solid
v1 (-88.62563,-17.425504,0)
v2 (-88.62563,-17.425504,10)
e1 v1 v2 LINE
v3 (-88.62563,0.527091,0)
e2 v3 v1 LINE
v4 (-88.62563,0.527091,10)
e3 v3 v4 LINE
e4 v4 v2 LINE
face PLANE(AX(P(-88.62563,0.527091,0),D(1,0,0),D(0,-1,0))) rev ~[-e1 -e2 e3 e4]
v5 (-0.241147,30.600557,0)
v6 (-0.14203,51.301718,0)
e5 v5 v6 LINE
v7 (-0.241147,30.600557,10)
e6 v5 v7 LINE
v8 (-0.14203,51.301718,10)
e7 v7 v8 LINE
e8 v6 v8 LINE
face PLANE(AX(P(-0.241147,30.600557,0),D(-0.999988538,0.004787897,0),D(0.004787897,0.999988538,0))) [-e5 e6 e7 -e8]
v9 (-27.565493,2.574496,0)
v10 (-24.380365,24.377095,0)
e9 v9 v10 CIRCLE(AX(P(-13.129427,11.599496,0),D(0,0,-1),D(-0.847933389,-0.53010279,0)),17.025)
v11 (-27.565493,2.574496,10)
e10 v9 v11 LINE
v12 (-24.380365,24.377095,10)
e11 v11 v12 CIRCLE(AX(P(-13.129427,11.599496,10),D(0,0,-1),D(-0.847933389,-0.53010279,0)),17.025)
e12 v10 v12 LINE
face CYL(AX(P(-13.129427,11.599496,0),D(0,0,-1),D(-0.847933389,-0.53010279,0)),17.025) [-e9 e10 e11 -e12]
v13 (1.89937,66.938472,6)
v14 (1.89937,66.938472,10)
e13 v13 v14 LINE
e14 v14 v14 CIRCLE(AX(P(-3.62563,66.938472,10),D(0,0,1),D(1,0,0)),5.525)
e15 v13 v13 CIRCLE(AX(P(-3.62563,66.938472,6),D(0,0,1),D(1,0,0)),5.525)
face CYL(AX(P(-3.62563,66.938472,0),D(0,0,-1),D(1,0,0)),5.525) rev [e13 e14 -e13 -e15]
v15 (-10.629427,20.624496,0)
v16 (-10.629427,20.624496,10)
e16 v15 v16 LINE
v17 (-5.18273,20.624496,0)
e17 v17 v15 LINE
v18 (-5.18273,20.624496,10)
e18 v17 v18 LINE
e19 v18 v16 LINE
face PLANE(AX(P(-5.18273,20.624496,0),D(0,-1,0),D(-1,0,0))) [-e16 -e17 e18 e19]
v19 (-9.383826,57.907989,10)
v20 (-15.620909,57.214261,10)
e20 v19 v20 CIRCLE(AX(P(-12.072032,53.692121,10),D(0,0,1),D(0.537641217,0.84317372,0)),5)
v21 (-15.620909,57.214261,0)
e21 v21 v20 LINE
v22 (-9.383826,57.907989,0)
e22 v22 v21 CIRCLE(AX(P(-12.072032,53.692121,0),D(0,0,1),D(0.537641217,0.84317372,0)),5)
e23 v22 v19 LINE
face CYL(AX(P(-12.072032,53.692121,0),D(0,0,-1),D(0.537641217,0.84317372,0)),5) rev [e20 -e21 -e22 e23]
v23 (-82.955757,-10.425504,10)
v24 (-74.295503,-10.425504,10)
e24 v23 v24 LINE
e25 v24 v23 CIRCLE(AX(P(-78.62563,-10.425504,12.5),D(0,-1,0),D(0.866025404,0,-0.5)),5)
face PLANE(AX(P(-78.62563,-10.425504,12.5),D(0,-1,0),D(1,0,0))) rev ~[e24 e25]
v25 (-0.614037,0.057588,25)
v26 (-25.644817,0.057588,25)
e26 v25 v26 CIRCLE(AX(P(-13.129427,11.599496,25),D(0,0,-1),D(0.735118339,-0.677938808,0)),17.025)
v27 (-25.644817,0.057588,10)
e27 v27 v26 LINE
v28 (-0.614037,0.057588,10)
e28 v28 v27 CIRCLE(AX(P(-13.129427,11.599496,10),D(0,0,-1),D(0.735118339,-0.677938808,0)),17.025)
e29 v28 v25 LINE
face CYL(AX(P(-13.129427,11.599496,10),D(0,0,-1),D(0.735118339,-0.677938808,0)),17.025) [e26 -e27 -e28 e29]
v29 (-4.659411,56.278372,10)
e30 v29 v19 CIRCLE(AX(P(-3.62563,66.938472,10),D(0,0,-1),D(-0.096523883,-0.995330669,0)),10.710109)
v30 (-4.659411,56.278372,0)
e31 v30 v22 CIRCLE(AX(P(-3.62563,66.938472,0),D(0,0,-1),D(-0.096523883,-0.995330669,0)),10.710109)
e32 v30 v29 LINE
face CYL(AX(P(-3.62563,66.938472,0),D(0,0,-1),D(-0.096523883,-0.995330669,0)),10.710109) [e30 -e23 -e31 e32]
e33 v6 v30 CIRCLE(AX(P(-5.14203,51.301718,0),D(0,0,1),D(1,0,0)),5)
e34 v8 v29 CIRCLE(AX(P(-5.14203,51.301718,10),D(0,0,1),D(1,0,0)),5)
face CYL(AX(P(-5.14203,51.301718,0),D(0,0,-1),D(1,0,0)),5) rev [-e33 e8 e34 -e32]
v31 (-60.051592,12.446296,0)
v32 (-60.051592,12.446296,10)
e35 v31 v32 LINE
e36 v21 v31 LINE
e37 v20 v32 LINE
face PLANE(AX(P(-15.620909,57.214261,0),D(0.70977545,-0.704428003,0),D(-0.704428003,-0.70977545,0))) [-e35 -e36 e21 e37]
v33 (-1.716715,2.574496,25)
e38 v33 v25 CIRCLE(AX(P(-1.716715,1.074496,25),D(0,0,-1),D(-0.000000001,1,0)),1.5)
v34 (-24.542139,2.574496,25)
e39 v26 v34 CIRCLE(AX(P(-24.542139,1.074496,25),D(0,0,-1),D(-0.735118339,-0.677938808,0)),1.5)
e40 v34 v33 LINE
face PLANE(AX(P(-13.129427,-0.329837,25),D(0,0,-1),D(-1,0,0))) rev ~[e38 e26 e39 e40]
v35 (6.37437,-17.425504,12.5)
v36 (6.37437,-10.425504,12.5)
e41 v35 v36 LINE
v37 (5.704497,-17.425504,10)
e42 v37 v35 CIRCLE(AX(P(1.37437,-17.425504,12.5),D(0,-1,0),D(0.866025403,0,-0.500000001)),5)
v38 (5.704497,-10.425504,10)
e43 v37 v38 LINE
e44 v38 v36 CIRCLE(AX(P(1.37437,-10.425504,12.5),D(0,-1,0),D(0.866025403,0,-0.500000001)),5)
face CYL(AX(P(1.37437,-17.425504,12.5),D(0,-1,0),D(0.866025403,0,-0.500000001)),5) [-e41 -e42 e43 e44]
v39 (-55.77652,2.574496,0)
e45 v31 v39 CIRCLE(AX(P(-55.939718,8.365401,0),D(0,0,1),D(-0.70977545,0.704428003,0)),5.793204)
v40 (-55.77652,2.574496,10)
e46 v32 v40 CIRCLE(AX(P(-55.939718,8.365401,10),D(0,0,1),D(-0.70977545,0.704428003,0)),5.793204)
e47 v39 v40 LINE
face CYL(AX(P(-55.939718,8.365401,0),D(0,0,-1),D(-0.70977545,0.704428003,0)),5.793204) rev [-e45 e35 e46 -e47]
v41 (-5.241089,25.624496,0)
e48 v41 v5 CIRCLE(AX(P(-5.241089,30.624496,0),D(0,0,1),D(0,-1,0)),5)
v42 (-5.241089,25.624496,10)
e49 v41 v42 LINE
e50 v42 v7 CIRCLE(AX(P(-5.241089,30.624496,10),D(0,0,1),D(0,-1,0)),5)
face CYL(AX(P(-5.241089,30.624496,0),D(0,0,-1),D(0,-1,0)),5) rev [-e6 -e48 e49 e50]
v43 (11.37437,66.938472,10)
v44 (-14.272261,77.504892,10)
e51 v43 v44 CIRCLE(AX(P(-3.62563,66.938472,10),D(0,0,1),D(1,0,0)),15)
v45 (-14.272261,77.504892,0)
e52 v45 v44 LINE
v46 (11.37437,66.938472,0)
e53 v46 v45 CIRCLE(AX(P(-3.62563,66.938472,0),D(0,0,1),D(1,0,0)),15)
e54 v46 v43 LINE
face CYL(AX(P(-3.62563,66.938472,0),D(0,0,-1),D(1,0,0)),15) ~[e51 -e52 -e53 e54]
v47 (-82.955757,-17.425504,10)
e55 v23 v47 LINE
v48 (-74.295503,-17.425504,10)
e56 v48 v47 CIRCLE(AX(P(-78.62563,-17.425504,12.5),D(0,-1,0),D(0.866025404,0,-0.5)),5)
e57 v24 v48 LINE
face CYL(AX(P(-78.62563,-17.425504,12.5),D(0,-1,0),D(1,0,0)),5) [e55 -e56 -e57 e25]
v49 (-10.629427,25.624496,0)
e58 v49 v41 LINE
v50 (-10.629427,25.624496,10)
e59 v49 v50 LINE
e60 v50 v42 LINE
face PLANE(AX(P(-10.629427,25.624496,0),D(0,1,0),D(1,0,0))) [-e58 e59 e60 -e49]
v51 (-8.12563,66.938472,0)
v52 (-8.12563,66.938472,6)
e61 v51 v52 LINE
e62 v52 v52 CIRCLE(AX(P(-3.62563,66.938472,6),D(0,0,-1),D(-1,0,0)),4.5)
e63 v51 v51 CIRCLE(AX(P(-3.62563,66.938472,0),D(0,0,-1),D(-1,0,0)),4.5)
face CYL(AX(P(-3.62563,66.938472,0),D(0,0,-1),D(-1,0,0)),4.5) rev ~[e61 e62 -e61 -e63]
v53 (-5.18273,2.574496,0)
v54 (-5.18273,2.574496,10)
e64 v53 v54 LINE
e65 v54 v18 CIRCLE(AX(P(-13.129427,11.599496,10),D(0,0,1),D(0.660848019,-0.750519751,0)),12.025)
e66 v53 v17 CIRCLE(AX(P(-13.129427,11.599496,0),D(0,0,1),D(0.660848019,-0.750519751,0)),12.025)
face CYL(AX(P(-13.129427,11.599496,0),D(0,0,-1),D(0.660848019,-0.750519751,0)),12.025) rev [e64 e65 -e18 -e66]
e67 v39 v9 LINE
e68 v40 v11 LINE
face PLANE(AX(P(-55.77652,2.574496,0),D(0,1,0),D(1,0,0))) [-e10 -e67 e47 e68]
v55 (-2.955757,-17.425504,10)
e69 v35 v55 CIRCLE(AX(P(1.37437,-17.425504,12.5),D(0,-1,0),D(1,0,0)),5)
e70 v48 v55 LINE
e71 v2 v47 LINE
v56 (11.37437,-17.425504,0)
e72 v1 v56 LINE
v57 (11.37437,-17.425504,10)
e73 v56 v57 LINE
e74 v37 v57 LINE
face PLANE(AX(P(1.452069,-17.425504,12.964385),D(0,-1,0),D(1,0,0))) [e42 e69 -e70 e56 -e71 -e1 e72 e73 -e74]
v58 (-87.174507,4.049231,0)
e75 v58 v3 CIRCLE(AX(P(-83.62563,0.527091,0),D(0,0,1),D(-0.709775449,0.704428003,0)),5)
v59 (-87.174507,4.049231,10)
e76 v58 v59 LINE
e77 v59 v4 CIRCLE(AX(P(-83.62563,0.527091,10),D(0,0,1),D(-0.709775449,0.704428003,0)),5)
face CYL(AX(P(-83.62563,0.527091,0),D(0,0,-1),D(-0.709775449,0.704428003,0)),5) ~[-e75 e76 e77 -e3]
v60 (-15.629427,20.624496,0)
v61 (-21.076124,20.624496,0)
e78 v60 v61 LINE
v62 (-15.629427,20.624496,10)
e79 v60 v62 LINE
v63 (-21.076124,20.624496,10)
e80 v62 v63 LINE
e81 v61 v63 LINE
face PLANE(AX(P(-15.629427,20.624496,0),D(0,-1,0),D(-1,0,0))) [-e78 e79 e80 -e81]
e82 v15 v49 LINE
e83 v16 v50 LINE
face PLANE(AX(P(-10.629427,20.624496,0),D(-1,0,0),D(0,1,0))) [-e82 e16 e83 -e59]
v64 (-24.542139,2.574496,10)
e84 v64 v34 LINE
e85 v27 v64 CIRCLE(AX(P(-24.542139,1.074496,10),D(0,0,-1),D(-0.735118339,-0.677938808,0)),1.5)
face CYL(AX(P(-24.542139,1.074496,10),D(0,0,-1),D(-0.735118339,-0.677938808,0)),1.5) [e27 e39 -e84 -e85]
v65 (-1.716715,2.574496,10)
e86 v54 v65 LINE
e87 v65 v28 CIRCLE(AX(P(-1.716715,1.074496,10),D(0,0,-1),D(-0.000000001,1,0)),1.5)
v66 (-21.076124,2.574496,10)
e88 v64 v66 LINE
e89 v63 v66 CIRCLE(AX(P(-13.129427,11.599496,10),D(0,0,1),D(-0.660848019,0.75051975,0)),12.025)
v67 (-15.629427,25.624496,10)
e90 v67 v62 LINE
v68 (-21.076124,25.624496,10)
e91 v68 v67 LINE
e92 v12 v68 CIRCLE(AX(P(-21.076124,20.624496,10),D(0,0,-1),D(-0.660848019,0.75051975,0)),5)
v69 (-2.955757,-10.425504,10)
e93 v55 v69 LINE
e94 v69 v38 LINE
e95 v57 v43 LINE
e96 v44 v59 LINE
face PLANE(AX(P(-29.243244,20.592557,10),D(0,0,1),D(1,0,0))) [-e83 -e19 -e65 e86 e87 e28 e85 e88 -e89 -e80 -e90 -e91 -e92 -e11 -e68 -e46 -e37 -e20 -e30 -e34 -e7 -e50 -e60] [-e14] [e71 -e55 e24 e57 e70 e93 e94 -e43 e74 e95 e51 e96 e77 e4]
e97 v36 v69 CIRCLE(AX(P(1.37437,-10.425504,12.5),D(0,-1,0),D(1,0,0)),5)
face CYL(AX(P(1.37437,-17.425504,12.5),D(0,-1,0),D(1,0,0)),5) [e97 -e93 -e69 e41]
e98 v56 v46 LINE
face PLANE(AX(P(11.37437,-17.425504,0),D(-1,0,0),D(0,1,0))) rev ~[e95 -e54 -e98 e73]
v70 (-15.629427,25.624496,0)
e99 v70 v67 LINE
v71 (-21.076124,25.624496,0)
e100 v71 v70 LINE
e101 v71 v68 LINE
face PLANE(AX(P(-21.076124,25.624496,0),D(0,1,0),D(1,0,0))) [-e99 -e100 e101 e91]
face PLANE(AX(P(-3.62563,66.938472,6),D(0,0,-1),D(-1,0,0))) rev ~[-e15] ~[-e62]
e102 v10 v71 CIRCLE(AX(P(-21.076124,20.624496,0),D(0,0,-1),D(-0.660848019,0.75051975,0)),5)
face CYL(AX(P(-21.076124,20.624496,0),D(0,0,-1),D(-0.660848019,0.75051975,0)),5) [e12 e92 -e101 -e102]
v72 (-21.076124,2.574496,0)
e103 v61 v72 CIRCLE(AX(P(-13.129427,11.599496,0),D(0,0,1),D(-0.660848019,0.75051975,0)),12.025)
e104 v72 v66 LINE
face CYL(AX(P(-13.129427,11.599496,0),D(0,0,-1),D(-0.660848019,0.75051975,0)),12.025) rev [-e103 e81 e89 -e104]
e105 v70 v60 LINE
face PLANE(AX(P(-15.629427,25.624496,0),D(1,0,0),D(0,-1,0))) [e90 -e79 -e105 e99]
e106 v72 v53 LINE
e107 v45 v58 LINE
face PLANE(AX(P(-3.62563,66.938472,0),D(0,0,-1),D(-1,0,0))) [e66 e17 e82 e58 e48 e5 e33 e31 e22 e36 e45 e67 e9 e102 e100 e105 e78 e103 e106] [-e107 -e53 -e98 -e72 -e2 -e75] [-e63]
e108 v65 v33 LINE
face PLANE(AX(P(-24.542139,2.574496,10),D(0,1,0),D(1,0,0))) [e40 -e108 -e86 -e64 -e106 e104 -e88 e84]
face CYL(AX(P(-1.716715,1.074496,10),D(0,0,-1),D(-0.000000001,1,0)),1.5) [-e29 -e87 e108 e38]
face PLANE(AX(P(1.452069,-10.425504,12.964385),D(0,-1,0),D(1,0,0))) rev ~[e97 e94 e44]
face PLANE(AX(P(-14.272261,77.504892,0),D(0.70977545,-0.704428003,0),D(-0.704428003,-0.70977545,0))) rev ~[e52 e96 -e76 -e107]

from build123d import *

# Parameters (mm, degrees)
SKETCH2_R           = 5.525
BOSS_EXTRUDE1_DEPTH = 10
SKETCH4_R           = 5
BOSS_EXTRUDE3_DEPTH = 7
SKETCH5_R           = 5.525
SKETCH5_R_2         = 4.5
BOSS_EXTRUDE4_DEPTH = 6
BOSS_EXTRUDE5_DEPTH = 15


with BuildPart() as part:
    # Sketch2 → Boss-Extrude1 (new body)
    with BuildSketch(Plane.XY):
        with BuildLine():
            Line((-88.62562975, -17.425503603), (11.37437025, -17.425503603))
            Line((11.37437025, -17.425503603), (11.37437025, 2.574496397))
            Line((11.37437025, 2.574496397), (11.37437025, 66.938471641))
            ThreePointArc((11.37437025, 66.938471641), (2.08841102, 80.807492446), (-14.272261494, 77.504891684))
            Line((-14.272261494, 77.504891684), (-87.174506998, 4.049231386))
            ThreePointArc((-87.174506998, 4.049231386), (-88.248636685, 2.431771629), (-88.62562975, 0.527091372))
            Line((-88.62562975, 0.527091372), (-88.62562975, -17.425503603))
        make_face()
        with Locations((-3.62562975, 66.938471641)):
            Circle(SKETCH2_R, mode=Mode.SUBTRACT)
        with BuildLine():
            Line((-15.629426982, 20.624496397), (-21.07612441, 20.624496397))
            ThreePointArc((-21.07612441, 20.624496397), (-25.154426982, 11.599496397), (-21.07612441, 2.574496397))
            Line((-21.07612441, 2.574496397), (-5.182729555, 2.574496397))
            ThreePointArc((-5.182729555, 2.574496397), (-1.104426982, 11.599496397), (-5.182729555, 20.624496397))
            Line((-5.182729555, 20.624496397), (-10.629426982, 20.624496397))
            Line((-10.629426982, 20.624496397), (-10.629426982, 25.624496397))
            Line((-10.629426982, 25.624496397), (-5.241089336, 25.624496397))
            ThreePointArc((-5.241089336, 25.624496397), (-1.714029472, 27.080508712), (-0.241146646, 30.600556911))
            Line((-0.241146646, 30.600556911), (-0.142030474, 51.301718396))
            ThreePointArc((-0.142030474, 51.301718396), (-1.43979486, 54.662291481), (-4.659411057, 56.278371739))
            ThreePointArc((-4.659411057, 56.278371739), (-7.11800033, 56.813760216), (-9.38382576, 57.907989239))
            ThreePointArc((-9.38382576, 57.907989239), (-12.624755601, 58.661476378), (-15.620909093, 57.214260654))
            Line((-15.620909093, 57.214260654), (-60.051592087, 12.446295905))
            ThreePointArc((-60.051592087, 12.446295905), (-61.255836785, 6.063207717), (-55.776519908, 2.574496397))
            Line((-55.776519908, 2.574496397), (-27.565492929, 2.574496397))
            ThreePointArc((-27.565492929, 2.574496397), (-29.975609484, 14.060544979), (-24.380364504, 24.37709515))
            ThreePointArc((-24.380364504, 24.37709515), (-22.842052811, 25.302262625), (-21.07612441, 25.624496397))
            Line((-21.07612441, 25.624496397), (-15.629426982, 25.624496397))
            Line((-15.629426982, 25.624496397), (-15.629426982, 20.624496397))
        make_face(mode=Mode.SUBTRACT)
    extrude(amount=BOSS_EXTRUDE1_DEPTH)

    # Sketch4 → Boss-Extrude3 (add)
    with BuildSketch(Plane.XZ.offset(17.425503603)):
        with BuildLine():
            ThreePointArc((6.37437025, 12.5), (0.080275025, 17.329629131), (-2.955756769, 10))
            Line((-2.955756769, 10), (5.704497269, 10))
            ThreePointArc((5.704497269, 10), (6.203999382, 11.205904774), (6.37437025, 12.5))
        make_face()
        with BuildLine():
            Line((5.704497269, 10), (-2.955756769, 10))
            ThreePointArc((-2.955756769, 10), (-1.125629745, 8.169872978), (1.374370261, 7.5))
            ThreePointArc((1.374370261, 7.5), (3.874370255, 8.169872984), (5.704497269, 10))
        make_face()
        with Locations((-78.62562975, 12.5)):
            Circle(SKETCH4_R)
    extrude(amount=-BOSS_EXTRUDE3_DEPTH)

    # Sketch5 → Boss-Extrude4 (add)
    with BuildSketch(Plane(origin=(0, 0, 0), x_dir=(-1, 0, 0), z_dir=(0, 0, -1))):
        with Locations((3.62562975, 66.938471641)):
            Circle(SKETCH5_R)
        with Locations((3.62562975, 66.938471641)):
            Circle(SKETCH5_R_2, mode=Mode.SUBTRACT)
    extrude(amount=-BOSS_EXTRUDE4_DEPTH)

    # Sketch6 → Boss-Extrude5 (add)
    with BuildSketch(Plane.XY.offset(10)):
        with BuildLine():
            Line((-24.542139193, 2.574496397), (-1.716714772, 2.574496397))
            ThreePointArc((-1.716714772, 2.574496397), (-0.342785676, 1.676425663), (-0.614037264, 0.057588185))
            ThreePointArc((-0.614037264, 0.057588185), (-13.129426982, -5.425503603), (-25.644816701, 0.057588185))
            ThreePointArc((-25.644816701, 0.057588185), (-25.916068288, 1.676425663), (-24.542139193, 2.574496397))
        make_face()
    extrude(amount=BOSS_EXTRUDE5_DEPTH)


solid = part.part
